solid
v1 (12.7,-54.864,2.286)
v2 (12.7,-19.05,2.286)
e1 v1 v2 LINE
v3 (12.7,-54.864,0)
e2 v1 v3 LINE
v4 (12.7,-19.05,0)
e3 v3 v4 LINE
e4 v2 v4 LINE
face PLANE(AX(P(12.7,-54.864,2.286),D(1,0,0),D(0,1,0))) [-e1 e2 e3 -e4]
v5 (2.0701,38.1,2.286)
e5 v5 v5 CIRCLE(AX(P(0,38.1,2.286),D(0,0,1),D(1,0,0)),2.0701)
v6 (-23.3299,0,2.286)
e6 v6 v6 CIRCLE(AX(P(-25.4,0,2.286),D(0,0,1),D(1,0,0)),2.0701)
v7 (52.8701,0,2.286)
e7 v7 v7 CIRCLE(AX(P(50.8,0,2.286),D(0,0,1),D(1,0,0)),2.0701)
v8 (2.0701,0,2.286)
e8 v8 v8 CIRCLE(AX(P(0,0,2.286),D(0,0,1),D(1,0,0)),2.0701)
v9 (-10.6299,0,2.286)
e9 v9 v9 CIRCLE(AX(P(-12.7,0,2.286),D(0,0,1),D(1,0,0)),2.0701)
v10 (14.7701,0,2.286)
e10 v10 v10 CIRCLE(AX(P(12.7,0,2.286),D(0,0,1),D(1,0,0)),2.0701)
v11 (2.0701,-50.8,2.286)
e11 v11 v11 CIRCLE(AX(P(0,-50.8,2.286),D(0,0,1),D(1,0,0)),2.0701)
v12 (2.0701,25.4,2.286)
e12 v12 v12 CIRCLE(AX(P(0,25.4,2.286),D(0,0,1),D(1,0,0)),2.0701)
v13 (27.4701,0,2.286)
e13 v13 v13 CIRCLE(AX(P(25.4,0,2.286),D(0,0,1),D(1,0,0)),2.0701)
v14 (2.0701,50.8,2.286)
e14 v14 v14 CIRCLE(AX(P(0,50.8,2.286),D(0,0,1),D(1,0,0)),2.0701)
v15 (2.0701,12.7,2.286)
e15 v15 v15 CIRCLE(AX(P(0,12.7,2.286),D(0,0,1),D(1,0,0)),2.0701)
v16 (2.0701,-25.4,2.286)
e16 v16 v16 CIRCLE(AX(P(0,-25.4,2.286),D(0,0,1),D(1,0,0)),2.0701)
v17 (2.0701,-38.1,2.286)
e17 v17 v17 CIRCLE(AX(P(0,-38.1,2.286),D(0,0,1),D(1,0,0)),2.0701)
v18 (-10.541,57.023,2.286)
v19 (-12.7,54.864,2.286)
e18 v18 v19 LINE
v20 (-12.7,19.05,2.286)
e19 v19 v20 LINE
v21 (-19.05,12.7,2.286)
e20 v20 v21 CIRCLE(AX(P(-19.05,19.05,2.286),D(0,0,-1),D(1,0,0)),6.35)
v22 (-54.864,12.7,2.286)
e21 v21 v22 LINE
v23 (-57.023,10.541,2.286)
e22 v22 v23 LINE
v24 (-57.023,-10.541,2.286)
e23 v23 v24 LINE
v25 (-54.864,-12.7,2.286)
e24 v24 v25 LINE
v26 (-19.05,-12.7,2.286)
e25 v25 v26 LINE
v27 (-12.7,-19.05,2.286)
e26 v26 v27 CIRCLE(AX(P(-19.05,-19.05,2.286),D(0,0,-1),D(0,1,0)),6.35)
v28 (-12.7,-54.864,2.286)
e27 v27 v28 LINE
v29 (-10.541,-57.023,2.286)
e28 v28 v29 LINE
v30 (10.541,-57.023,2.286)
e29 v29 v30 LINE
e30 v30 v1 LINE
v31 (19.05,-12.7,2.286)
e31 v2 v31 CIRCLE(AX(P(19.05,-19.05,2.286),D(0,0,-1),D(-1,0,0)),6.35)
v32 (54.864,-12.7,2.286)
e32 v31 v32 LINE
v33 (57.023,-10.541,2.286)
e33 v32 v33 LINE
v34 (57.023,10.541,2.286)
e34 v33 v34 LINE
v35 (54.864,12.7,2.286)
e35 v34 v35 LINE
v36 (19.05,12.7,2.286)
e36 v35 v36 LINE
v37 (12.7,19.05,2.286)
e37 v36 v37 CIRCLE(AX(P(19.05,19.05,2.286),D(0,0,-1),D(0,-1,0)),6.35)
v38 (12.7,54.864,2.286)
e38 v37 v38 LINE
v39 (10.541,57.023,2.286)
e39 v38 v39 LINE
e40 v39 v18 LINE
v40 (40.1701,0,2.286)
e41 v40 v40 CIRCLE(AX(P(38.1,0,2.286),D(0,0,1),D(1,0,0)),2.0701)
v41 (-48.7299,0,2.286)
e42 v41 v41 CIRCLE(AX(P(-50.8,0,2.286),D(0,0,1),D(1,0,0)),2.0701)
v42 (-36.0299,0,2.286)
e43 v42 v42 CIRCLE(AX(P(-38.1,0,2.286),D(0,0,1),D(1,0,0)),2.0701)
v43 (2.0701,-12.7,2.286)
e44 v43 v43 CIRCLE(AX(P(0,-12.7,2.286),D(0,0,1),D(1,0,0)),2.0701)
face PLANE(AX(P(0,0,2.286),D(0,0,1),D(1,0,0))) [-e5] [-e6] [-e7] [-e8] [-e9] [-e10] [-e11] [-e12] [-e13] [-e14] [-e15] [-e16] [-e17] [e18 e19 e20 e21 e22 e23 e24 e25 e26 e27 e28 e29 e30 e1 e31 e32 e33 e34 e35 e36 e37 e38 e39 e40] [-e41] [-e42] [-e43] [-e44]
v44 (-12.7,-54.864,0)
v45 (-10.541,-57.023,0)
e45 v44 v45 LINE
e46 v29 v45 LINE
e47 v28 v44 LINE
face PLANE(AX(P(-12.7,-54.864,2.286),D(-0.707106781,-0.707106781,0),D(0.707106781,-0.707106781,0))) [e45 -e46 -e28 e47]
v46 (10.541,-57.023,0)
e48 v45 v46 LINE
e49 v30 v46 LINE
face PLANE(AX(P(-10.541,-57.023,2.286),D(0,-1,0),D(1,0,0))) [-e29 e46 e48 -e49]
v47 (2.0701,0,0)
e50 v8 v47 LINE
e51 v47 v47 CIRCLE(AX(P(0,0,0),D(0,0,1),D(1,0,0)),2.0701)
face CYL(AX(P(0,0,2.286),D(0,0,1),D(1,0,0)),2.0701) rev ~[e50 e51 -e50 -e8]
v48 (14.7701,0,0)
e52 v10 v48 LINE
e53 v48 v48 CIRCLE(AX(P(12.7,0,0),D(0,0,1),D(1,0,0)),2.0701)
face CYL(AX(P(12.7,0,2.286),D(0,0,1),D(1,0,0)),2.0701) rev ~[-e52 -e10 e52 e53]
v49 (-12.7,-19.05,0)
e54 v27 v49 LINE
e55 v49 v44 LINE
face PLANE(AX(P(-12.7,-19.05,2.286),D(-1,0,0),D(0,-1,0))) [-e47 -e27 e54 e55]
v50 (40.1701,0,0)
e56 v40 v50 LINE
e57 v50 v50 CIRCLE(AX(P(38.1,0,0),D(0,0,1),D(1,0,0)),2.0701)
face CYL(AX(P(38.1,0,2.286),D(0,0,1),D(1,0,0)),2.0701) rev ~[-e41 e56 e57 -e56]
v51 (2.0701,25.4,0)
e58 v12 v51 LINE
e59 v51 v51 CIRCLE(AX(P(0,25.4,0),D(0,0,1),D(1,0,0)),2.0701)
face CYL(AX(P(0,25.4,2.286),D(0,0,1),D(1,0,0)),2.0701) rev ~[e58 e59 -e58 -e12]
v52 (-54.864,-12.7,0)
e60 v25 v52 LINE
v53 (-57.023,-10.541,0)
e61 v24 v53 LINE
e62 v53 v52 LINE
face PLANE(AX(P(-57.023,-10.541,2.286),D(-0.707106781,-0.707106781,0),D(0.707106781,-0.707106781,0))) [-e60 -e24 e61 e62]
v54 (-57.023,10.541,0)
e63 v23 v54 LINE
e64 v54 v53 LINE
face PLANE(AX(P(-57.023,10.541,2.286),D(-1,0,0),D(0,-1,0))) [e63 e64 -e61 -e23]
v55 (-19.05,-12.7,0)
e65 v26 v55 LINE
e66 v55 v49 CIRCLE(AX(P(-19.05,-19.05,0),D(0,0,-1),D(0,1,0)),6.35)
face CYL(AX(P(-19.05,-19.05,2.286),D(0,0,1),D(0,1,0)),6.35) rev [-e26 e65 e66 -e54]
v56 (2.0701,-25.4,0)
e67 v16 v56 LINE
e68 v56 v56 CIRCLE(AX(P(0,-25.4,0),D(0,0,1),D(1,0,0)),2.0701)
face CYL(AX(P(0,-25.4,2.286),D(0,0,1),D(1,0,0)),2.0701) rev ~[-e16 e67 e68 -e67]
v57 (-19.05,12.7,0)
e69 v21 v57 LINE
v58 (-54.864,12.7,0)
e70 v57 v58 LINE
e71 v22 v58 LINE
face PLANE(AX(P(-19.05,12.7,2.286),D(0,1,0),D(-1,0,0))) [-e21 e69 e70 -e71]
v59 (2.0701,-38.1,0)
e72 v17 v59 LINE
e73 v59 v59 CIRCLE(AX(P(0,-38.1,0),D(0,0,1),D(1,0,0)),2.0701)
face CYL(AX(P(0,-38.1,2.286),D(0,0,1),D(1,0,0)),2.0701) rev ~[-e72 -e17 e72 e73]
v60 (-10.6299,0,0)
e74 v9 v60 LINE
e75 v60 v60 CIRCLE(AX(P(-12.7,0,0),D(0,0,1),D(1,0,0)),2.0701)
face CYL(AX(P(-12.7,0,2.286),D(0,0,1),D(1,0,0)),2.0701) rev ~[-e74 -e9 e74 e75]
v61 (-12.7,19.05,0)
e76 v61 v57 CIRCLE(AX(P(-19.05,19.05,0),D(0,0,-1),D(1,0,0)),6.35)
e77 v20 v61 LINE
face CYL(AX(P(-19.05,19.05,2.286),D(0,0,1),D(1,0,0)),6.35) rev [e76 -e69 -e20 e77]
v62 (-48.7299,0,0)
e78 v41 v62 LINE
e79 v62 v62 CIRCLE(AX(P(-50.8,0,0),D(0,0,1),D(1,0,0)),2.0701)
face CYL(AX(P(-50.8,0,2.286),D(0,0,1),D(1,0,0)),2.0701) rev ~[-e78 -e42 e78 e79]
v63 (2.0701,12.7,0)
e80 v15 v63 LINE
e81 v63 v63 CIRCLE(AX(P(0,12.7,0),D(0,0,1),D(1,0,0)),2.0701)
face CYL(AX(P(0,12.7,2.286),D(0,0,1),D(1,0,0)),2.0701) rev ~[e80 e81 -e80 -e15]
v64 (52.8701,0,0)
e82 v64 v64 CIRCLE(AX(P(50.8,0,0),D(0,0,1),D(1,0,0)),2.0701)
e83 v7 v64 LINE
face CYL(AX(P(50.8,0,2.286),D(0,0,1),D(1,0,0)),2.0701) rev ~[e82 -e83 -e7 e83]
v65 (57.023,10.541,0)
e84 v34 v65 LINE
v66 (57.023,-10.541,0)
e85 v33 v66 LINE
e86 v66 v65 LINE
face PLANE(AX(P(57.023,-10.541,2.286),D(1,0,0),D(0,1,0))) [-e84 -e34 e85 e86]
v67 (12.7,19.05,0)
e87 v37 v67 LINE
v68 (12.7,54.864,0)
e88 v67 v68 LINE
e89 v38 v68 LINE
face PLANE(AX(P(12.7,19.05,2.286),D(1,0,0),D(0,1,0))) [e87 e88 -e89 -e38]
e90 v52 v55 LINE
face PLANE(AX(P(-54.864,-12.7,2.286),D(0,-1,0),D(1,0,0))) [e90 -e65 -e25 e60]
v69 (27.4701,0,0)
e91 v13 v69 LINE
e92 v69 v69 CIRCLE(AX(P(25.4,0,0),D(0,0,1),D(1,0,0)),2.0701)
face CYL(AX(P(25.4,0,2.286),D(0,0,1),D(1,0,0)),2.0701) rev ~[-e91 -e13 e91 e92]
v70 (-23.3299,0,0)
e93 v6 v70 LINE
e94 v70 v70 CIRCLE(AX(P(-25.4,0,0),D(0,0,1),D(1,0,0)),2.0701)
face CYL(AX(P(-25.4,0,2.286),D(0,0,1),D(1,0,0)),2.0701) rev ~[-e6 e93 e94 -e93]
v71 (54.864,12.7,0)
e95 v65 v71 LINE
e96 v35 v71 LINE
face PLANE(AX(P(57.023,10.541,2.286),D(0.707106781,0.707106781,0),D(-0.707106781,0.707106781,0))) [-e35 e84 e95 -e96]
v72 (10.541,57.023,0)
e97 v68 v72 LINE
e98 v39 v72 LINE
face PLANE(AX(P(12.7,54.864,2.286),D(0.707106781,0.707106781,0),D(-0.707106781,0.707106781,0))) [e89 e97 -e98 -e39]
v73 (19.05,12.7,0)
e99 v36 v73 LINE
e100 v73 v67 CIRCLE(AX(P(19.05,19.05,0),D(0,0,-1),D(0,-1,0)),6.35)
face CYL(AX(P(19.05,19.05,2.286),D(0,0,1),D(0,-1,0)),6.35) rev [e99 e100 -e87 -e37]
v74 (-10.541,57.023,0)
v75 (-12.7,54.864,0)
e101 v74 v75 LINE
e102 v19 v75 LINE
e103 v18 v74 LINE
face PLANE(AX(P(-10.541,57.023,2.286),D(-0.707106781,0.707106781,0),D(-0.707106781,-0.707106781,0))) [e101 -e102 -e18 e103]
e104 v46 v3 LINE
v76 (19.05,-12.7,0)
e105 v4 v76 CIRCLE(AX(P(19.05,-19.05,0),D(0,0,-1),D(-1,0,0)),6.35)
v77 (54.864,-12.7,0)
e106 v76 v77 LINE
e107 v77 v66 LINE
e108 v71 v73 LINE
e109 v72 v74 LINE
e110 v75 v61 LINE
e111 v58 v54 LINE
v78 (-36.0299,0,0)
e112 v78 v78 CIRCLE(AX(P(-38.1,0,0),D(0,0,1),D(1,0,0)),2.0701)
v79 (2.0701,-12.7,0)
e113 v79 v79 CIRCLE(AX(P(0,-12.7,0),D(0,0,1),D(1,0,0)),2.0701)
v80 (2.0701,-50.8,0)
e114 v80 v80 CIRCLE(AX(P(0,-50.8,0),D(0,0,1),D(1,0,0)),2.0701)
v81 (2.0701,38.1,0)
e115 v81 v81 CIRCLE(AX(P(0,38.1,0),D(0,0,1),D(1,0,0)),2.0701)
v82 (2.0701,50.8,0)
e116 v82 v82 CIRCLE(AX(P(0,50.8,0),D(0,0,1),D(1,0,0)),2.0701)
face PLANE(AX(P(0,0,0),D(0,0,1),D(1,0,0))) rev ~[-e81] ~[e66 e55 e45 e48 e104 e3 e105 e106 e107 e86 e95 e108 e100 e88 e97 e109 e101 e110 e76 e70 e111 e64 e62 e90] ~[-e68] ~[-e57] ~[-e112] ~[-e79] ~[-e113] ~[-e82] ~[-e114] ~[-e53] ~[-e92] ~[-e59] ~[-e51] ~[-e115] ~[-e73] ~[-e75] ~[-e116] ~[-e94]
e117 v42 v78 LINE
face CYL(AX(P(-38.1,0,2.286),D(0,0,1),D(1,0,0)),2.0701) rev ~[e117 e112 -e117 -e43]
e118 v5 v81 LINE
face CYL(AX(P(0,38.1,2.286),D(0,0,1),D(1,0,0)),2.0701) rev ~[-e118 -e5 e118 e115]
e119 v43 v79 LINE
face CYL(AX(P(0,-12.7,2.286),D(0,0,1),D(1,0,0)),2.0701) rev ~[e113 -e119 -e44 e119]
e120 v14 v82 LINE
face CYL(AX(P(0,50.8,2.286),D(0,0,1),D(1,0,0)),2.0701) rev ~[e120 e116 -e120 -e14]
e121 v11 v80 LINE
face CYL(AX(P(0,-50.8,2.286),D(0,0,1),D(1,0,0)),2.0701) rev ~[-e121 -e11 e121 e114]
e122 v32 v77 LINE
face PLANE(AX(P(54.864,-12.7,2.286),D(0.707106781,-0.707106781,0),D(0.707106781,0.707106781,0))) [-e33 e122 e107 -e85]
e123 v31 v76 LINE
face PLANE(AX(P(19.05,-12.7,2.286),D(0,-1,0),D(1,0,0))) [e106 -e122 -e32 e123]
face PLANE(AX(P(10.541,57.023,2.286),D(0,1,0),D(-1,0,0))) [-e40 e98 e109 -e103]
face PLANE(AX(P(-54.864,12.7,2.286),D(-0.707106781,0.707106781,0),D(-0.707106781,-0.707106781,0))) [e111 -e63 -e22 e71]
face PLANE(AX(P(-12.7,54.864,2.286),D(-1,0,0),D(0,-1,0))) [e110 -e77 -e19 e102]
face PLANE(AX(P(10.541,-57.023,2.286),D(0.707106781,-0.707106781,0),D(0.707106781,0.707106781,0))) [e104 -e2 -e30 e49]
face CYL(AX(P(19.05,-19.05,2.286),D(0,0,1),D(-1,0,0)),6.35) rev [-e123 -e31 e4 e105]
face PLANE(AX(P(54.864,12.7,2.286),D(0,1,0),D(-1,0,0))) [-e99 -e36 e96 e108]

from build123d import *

# Parameters (mm, degrees)
SKETCH1_R           = 2.0701
BOSS_EXTRUDE1_DEPTH = 2.286


with BuildPart() as part:
    # Sketch1 → Boss-Extrude1 (new body)
    with BuildSketch(Plane.XY.offset(2.286)):
        with BuildLine():
            Line((57.023, 10.541), (54.864, 12.7))
            Line((54.864, 12.7), (19.05, 12.7))
            ThreePointArc((19.05, 12.7), (14.559871939, 14.559871939), (12.7, 19.05))
            Line((12.7, 19.05), (12.7, 54.864))
            Line((12.7, 54.864), (10.541, 57.023))
            Line((10.541, 57.023), (-10.541, 57.023))
            Line((-10.541, 57.023), (-12.7, 54.864))
            Line((-12.7, 54.864), (-12.7, 19.05))
            ThreePointArc((-12.7, 19.05), (-14.559871939, 14.559871939), (-19.05, 12.7))
            Line((-19.05, 12.7), (-54.864, 12.7))
            Line((-54.864, 12.7), (-57.023, 10.541))
            Line((-57.023, 10.541), (-57.023, -10.541))
            Line((-57.023, -10.541), (-54.864, -12.7))
            Line((-54.864, -12.7), (-19.05, -12.7))
            ThreePointArc((-19.05, -12.7), (-14.559871939, -14.559871939), (-12.7, -19.05))
            Line((-12.7, -19.05), (-12.7, -54.864))
            Line((-12.7, -54.864), (-10.541, -57.023))
            Line((-10.541, -57.023), (10.541, -57.023))
            Line((10.541, -57.023), (12.7, -54.864))
            Line((12.7, -54.864), (12.7, -19.05))
            ThreePointArc((12.7, -19.05), (14.559871939, -14.559871939), (19.05, -12.7))
            Line((19.05, -12.7), (54.864, -12.7))
            Line((54.864, -12.7), (57.023, -10.541))
            Line((57.023, -10.541), (57.023, 10.541))
        make_face()
        with Locations((0, 12.7)):
            Circle(SKETCH1_R, mode=Mode.SUBTRACT)
        with Locations((0, 38.1)):
            Circle(SKETCH1_R, mode=Mode.SUBTRACT)
        with Locations((-12.7, 0)):
            Circle(SKETCH1_R, mode=Mode.SUBTRACT)
        with Locations((-38.1, 0)):
            Circle(SKETCH1_R, mode=Mode.SUBTRACT)
        with Locations((50.8, 0)):
            Circle(SKETCH1_R, mode=Mode.SUBTRACT)
        with Locations((0, -38.1)):
            Circle(SKETCH1_R, mode=Mode.SUBTRACT)
        with Locations((0, -12.7)):
            Circle(SKETCH1_R, mode=Mode.SUBTRACT)
        with Locations((25.4, 0)):
            Circle(SKETCH1_R, mode=Mode.SUBTRACT)
        Circle(SKETCH1_R, mode=Mode.SUBTRACT)
        with Locations((12.7, 0)):
            Circle(SKETCH1_R, mode=Mode.SUBTRACT)
        with Locations((38.1, 0)):
            Circle(SKETCH1_R, mode=Mode.SUBTRACT)
        with Locations((0, -25.4)):
            Circle(SKETCH1_R, mode=Mode.SUBTRACT)
        with Locations((0, -50.8)):
            Circle(SKETCH1_R, mode=Mode.SUBTRACT)
        with Locations((-50.8, 0)):
            Circle(SKETCH1_R, mode=Mode.SUBTRACT)
        with Locations((-25.4, 0)):
            Circle(SKETCH1_R, mode=Mode.SUBTRACT)
        with Locations((0, 50.8)):
            Circle(SKETCH1_R, mode=Mode.SUBTRACT)
        with Locations((0, 25.4)):
            Circle(SKETCH1_R, mode=Mode.SUBTRACT)
    extrude(amount=-BOSS_EXTRUDE1_DEPTH)


solid = part.part
